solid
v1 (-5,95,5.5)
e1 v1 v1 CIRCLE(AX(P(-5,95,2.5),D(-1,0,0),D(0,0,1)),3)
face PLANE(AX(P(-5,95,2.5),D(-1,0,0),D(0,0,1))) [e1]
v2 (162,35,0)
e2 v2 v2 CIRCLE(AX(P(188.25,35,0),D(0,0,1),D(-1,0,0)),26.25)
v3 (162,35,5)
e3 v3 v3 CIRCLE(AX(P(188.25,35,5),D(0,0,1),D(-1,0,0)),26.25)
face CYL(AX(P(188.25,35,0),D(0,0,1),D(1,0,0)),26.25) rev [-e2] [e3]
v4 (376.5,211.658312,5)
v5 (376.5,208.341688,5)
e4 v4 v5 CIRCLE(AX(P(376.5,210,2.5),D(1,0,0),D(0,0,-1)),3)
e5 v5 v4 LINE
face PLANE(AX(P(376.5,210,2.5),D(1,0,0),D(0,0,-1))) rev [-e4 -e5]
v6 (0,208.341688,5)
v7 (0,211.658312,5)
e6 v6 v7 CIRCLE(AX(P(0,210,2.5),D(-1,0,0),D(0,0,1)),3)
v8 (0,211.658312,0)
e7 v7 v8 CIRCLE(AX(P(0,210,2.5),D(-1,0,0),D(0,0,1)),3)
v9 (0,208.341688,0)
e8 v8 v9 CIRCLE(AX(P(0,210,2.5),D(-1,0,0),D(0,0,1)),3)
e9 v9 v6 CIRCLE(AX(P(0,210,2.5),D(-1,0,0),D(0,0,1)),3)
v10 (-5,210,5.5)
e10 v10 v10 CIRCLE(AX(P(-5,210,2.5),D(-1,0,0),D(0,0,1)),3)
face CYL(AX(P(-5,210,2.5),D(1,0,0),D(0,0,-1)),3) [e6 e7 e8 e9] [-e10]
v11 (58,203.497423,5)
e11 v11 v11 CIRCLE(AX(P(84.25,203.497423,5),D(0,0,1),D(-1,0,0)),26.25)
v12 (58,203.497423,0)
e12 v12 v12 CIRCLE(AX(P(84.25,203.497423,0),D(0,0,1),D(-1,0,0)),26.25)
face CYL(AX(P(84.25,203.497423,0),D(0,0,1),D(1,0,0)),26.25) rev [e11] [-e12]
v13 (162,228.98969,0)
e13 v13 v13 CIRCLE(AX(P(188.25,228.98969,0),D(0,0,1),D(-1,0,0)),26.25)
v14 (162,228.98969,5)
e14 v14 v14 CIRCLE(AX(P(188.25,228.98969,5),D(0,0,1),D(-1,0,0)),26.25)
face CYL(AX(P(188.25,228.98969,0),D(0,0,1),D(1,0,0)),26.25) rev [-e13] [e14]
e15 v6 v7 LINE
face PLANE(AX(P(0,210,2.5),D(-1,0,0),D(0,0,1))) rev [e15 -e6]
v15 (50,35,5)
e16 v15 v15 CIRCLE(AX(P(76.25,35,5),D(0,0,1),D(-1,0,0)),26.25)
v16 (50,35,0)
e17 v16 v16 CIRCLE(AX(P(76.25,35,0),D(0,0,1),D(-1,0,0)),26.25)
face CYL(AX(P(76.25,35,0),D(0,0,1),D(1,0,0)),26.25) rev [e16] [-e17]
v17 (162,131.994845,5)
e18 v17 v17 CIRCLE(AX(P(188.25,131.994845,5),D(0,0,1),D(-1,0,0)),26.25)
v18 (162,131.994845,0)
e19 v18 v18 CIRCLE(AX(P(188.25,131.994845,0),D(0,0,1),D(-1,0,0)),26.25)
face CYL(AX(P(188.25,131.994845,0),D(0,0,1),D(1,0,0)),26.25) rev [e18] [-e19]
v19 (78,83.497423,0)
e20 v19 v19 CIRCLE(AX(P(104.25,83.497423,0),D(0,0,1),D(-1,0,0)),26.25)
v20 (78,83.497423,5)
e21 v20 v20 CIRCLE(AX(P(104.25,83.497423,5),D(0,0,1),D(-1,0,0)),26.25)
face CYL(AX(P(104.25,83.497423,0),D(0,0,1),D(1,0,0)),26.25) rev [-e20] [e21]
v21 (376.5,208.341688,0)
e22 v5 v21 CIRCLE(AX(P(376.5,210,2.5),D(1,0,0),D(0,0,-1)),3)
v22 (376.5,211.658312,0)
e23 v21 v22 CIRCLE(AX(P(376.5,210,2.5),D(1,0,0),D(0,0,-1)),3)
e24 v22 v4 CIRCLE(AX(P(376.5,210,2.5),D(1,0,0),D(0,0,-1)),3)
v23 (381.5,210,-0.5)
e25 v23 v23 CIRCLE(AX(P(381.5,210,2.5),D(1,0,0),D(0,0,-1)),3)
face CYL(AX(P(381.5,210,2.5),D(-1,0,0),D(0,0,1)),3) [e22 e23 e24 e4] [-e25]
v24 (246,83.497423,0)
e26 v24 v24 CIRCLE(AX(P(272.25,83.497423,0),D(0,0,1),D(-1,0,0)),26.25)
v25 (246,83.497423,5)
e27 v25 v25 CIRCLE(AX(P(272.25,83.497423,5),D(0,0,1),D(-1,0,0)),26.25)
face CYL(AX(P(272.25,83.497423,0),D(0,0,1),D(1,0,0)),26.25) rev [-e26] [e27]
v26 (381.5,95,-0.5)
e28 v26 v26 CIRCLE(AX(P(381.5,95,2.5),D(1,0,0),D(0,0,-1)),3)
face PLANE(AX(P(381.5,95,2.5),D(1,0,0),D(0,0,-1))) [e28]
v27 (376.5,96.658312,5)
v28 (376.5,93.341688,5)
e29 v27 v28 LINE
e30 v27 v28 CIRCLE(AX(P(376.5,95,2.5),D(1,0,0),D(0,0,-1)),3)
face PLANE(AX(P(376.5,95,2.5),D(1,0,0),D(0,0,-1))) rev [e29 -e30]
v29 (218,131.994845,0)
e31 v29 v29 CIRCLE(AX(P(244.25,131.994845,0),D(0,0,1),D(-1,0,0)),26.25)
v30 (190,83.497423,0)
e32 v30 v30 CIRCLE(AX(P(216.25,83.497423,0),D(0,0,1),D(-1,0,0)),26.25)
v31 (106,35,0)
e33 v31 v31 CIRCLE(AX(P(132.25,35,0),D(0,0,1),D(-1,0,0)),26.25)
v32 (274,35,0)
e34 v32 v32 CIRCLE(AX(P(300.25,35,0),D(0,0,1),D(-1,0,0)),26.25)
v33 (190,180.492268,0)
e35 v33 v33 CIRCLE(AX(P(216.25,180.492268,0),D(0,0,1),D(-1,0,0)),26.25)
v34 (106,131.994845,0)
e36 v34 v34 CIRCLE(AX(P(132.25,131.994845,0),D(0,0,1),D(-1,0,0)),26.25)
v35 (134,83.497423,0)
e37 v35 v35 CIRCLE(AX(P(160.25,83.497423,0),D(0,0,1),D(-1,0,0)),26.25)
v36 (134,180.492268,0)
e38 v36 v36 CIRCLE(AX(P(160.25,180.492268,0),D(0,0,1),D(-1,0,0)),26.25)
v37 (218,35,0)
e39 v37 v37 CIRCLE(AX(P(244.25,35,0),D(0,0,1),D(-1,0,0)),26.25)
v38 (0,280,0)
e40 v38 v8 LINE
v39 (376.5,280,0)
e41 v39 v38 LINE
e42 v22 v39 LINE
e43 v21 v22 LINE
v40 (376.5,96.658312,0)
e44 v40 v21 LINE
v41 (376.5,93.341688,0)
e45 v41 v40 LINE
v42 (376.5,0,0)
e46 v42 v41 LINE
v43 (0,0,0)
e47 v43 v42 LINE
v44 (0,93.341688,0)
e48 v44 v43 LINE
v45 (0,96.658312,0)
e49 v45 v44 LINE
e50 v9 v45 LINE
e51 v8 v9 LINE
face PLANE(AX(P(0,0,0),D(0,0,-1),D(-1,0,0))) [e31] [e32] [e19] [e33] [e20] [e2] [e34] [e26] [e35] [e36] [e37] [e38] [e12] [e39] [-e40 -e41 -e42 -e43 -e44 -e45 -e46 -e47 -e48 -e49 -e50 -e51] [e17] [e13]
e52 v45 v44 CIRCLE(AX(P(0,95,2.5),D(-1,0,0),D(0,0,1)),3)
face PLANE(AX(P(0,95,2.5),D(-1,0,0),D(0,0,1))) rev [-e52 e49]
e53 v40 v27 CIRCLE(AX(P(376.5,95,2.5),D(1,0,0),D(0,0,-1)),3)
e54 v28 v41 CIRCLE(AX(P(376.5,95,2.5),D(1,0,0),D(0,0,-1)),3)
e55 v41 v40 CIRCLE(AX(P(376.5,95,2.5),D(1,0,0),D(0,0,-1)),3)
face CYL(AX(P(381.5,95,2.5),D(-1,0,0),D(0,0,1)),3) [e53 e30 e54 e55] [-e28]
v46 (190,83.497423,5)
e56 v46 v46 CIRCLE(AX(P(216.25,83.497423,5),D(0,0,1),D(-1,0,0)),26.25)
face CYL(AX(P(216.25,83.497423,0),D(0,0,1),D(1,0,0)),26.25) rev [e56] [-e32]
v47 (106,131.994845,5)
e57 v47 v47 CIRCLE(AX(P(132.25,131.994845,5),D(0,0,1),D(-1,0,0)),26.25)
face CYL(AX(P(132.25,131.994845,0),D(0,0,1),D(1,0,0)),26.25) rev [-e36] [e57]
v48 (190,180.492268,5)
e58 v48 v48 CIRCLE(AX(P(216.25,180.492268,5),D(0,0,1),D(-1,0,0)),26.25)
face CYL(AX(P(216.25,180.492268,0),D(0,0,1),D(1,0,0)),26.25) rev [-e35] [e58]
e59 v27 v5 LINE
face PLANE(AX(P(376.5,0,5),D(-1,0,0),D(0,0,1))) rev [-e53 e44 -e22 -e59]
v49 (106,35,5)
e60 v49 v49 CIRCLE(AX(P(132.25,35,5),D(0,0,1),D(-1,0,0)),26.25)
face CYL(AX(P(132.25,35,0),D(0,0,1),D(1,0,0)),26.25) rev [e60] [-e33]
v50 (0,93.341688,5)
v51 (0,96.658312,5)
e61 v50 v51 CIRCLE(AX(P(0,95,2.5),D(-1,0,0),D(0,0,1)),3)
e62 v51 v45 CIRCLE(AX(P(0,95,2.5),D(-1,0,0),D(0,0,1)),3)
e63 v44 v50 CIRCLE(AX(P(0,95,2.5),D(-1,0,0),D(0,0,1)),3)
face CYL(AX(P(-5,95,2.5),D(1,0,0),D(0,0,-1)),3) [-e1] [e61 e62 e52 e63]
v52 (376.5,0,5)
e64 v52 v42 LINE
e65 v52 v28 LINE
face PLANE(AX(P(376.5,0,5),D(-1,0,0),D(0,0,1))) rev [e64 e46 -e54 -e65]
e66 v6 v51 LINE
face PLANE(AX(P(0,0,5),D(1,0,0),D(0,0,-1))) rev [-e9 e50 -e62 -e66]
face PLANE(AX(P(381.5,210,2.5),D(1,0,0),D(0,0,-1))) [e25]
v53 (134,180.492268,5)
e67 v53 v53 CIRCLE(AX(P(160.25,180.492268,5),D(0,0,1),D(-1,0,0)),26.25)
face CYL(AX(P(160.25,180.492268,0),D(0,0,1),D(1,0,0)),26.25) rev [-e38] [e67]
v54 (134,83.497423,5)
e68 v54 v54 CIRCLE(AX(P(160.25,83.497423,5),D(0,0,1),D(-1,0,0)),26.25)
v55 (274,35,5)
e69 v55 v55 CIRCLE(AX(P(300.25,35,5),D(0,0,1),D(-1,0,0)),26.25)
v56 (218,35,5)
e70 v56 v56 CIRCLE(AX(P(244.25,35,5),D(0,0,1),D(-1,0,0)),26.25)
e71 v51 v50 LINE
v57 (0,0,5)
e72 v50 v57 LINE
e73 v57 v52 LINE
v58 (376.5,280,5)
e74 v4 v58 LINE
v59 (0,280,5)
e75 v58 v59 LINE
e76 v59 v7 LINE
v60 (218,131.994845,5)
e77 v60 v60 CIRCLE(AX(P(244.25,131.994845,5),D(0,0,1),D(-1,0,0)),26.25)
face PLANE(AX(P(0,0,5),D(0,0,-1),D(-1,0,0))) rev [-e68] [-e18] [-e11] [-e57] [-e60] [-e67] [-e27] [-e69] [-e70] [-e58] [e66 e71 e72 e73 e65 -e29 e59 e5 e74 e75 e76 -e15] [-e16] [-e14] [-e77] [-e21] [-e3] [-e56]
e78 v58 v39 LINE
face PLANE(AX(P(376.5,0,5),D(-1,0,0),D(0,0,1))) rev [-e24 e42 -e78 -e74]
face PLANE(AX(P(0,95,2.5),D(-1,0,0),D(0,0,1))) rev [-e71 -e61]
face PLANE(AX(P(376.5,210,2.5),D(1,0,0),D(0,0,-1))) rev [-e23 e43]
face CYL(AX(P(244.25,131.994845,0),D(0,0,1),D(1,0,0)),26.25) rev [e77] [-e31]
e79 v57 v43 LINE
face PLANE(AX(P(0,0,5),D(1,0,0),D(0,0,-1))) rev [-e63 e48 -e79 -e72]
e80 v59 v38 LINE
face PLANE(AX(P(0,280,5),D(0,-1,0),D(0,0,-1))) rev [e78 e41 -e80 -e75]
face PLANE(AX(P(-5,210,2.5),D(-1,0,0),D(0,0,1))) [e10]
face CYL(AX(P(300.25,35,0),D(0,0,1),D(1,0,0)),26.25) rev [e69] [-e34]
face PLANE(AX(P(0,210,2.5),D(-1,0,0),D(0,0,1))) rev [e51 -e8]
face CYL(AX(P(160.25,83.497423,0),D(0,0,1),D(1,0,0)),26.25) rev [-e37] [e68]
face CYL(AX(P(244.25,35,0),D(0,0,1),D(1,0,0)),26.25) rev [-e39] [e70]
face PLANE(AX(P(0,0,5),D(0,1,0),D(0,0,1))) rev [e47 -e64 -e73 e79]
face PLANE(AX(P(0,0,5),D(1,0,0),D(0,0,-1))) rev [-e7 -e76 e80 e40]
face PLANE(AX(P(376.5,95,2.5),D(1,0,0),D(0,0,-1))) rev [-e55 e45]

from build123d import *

# Parameters (mm, degrees)
SKETCH_1_W          = 376.5
SKETCH_1_H          = 280
EXTRUDE_1_DEPTH     = 5
SKETCH_2_R          = 26.25
CUT_EXTRUDE_1_DEPTH = 5
SKETCH_3_R          = 3
EXTRUDE_2_DEPTH     = 5
EXTRUDE_START       = 5
SKETCH_4_R          = 3
EXTRUDE_3_DEPTH     = 5


with BuildPart() as part:
    # 草图1 → 凸台-拉伸1 (new body)
    with BuildSketch(Plane.XY):
        with Locations((188.25, 140)):
            Rectangle(SKETCH_1_W, SKETCH_1_H)
    extrude(amount=EXTRUDE_1_DEPTH)

    # 草图2 → 切除-拉伸1 (cut)
    with BuildSketch(Plane.XY.offset(5)):
        with Locations(Location((84.25, 203.497422612, 0), (0, 0, 180))):
            Circle(SKETCH_2_R)
        with Locations(Location((188.25, 228.989690448, 0), (0, 0, 180))):
            Circle(SKETCH_2_R)
        with Locations(Location((160.25, 180.492267836, 0), (0, 0, 180))):
            Circle(SKETCH_2_R)
        with Locations(Location((216.25, 180.492267836, 0), (0, 0, 180))):
            Circle(SKETCH_2_R)
        with Locations(Location((244.25, 131.994845224, 0), (0, 0, 180))):
            Circle(SKETCH_2_R)
        with Locations(Location((132.25, 131.994845224, 0), (0, 0, 180))):
            Circle(SKETCH_2_R)
        with Locations(Location((188.25, 131.994845224, 0), (0, 0, 180))):
            Circle(SKETCH_2_R)
        with Locations(Location((272.25, 83.497422612, 0), (0, 0, 180))):
            Circle(SKETCH_2_R)
        with Locations(Location((216.25, 83.497422612, 0), (0, 0, 180))):
            Circle(SKETCH_2_R)
        with Locations(Location((104.25, 83.497422612, 0), (0, 0, 180))):
            Circle(SKETCH_2_R)
        with Locations(Location((160.25, 83.497422612, 0), (0, 0, 180))):
            Circle(SKETCH_2_R)
        with Locations(Location((300.25, 35, 0), (0, 0, 180))):
            Circle(SKETCH_2_R)
        with Locations(Location((244.25, 35, 0), (0, 0, 180))):
            Circle(SKETCH_2_R)
        with Locations(Location((188.25, 35, 0), (0, 0, 180))):
            Circle(SKETCH_2_R)
        with Locations(Location((132.25, 35, 0), (0, 0, 180))):
            Circle(SKETCH_2_R)
        with Locations(Location((76.25, 35, 0), (0, 0, 180))):
            Circle(SKETCH_2_R)
    extrude(amount=-CUT_EXTRUDE_1_DEPTH, mode=Mode.SUBTRACT)

    # 草图3 → 凸台-拉伸2 (add)
    with BuildSketch(Plane.ZY):
        with Locations(Location((2.5, 210, 0), (0, 0, 213.557309762))):
            Circle(SKETCH_3_R)
        with Locations(Location((2.5, 95, 0), (0, 0, 213.557309762))):
            Circle(SKETCH_3_R)
    extrude(amount=EXTRUDE_2_DEPTH)

    # 草图4 → 凸台-拉伸3 (add)
    with BuildSketch(Plane(origin=(376.5, 0, 0), x_dir=(0, 0, -1), z_dir=(1, 0, 0)).offset(EXTRUDE_START)):
        with Locations(Location((-2.5, 210, 0), (0, 0, 326.442690238))):
            Circle(SKETCH_4_R)
        with Locations(Location((-2.5, 95, 0), (0, 0, 326.442690238))):
            Circle(SKETCH_4_R)
    extrude(amount=-EXTRUDE_3_DEPTH)


solid = part.part
